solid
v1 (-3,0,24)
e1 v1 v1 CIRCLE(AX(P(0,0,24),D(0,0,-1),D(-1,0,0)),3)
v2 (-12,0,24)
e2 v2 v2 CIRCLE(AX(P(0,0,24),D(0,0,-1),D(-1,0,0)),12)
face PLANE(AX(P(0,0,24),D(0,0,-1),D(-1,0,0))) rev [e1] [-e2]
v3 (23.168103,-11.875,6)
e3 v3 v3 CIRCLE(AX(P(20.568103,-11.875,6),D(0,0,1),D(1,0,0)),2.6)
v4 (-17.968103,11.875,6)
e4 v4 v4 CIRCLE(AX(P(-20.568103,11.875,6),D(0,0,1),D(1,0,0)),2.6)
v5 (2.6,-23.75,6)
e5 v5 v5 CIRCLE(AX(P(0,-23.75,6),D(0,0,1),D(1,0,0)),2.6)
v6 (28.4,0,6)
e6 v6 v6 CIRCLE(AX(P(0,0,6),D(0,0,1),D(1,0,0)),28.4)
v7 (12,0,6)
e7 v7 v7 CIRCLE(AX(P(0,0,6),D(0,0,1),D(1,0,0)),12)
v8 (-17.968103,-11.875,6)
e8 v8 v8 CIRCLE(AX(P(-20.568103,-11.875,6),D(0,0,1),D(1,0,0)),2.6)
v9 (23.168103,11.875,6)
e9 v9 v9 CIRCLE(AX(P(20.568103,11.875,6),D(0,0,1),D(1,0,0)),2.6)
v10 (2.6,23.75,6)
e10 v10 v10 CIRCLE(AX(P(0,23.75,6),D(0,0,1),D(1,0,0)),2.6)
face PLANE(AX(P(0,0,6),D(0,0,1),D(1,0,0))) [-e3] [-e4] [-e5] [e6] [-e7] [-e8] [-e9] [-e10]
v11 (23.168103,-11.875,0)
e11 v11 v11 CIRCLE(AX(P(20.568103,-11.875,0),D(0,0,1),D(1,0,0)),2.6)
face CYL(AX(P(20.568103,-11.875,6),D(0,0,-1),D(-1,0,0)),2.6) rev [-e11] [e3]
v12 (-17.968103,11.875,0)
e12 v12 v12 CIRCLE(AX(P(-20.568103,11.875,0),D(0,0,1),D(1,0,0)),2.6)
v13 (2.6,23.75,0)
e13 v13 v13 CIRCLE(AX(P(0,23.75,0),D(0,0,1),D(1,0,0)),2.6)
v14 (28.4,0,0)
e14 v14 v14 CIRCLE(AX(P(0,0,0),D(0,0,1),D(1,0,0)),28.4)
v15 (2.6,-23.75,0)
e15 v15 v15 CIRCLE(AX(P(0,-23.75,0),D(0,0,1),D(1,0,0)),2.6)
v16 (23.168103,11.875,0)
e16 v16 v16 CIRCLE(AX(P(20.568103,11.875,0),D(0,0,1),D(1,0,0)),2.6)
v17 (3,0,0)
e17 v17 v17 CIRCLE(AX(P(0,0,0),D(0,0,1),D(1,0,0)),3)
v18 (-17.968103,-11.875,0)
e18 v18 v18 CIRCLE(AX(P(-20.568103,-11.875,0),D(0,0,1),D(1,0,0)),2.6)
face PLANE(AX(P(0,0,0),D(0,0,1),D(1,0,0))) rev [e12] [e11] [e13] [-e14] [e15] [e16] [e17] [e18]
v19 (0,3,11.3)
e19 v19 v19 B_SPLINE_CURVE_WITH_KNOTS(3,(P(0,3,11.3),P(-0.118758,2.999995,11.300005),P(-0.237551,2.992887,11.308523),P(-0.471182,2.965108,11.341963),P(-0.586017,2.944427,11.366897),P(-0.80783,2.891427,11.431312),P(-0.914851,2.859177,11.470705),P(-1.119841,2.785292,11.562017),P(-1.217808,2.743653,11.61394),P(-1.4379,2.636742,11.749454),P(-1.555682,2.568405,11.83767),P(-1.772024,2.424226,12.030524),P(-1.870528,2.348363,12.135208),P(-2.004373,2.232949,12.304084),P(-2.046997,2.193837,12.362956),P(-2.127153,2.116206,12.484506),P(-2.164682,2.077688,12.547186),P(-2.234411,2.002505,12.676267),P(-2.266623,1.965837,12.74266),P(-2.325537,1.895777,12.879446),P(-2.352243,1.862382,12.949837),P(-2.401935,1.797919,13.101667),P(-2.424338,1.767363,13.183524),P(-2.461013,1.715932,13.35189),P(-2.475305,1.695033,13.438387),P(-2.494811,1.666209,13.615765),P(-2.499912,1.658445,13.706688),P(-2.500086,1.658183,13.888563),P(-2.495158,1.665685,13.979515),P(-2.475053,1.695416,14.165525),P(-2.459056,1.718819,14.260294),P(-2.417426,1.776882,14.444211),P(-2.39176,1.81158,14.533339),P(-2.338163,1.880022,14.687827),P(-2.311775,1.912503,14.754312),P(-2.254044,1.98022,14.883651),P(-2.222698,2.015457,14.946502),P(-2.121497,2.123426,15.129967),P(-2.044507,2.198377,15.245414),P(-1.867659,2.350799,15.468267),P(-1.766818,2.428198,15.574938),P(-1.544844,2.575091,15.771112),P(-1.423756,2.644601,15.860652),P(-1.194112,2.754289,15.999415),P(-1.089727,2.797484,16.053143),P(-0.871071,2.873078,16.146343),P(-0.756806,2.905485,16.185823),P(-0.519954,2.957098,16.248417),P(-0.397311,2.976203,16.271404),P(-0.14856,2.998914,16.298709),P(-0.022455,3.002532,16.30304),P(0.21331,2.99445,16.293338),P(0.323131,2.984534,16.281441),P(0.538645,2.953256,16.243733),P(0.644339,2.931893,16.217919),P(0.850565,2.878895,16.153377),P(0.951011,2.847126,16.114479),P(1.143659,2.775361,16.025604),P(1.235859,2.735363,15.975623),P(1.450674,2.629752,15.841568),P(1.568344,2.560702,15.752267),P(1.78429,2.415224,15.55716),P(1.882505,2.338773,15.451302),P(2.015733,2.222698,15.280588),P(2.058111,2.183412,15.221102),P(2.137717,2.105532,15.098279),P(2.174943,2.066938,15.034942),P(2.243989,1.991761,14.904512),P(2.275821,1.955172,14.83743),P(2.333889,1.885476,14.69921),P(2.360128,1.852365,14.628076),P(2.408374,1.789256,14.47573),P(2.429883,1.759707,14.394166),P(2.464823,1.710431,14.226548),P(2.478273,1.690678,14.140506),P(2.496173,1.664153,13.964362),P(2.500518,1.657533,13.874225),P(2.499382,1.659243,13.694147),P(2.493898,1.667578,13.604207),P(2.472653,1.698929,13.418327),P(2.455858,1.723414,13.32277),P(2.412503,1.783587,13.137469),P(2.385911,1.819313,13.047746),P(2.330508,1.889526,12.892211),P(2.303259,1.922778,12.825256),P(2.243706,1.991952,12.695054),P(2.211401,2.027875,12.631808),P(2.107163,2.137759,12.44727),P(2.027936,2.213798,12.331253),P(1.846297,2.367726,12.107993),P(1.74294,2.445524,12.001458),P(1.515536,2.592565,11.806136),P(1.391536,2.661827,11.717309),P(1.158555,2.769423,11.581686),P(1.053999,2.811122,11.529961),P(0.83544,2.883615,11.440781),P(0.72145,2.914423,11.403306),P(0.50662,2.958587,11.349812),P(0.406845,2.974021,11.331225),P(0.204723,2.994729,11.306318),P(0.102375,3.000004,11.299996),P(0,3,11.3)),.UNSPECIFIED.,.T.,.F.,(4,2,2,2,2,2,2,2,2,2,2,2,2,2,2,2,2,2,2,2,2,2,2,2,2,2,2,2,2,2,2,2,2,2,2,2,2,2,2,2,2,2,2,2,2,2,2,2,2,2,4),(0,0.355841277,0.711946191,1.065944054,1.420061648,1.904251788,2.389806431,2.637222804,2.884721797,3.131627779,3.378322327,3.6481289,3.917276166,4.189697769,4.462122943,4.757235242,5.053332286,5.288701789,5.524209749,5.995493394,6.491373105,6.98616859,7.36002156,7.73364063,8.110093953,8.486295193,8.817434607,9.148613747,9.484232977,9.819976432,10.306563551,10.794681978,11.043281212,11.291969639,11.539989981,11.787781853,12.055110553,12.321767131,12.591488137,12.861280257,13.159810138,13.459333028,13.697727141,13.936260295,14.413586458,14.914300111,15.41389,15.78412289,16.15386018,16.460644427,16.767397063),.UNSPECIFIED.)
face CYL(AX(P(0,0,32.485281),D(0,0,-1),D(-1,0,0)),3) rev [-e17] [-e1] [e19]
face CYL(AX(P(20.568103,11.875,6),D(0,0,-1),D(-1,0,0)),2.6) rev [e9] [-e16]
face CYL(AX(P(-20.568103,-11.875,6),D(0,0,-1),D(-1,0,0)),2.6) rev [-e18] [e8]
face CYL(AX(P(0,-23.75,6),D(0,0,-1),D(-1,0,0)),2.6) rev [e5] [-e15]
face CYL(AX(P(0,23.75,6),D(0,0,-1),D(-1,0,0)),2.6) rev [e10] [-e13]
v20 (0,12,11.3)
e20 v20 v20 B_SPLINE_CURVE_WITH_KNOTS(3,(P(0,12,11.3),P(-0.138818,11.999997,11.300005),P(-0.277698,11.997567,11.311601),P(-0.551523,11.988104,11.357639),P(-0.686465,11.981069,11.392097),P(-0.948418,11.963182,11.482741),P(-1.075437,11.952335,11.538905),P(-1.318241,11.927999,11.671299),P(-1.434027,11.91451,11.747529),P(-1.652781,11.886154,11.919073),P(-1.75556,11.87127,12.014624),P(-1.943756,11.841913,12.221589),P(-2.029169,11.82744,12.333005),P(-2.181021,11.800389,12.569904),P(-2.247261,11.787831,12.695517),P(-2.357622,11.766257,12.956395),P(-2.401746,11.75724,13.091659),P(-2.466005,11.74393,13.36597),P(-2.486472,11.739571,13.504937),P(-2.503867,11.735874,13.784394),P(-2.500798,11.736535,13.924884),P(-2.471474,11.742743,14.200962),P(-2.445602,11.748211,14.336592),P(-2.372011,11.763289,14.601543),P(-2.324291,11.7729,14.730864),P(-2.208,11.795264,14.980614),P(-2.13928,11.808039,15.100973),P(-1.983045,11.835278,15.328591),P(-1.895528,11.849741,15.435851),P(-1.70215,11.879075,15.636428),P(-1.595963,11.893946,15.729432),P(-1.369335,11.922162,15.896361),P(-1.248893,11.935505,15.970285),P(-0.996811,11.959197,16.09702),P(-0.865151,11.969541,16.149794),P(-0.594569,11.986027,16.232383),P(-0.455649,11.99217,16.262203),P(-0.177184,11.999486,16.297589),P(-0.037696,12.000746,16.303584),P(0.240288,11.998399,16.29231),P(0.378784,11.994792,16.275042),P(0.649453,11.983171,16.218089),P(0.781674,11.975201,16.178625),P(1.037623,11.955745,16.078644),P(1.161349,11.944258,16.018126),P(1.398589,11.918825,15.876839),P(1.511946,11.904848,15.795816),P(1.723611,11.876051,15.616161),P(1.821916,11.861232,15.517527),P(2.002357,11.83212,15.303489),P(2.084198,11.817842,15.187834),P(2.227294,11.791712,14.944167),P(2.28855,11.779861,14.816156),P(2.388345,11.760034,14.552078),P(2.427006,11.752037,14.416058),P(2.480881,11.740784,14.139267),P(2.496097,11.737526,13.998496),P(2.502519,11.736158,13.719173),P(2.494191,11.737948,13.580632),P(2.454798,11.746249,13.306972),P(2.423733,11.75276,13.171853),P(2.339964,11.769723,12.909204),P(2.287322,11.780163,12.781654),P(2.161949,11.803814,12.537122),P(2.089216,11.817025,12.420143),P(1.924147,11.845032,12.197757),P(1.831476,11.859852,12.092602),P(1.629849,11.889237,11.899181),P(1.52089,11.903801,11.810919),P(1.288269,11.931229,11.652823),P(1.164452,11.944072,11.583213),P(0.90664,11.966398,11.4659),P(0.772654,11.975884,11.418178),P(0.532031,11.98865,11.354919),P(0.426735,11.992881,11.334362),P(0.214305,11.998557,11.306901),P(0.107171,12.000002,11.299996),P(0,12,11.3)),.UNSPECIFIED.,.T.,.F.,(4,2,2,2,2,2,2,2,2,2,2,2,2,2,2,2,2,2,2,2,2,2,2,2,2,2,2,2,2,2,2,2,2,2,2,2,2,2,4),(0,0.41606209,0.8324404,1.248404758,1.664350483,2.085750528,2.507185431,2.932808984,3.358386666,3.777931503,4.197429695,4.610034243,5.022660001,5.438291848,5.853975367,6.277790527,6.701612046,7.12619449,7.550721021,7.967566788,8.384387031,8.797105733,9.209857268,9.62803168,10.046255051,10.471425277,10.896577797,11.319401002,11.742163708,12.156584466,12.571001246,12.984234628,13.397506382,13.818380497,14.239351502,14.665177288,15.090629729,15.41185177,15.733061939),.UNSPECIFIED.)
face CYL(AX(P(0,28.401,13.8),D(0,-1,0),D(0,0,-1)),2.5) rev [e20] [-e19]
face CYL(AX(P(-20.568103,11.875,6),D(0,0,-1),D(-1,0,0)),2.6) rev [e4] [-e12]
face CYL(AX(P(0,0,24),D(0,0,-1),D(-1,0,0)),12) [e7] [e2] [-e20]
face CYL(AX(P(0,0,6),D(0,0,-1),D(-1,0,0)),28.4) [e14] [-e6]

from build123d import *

# Parameters (mm, degrees)
SKETCH1_R               = 28.4
SKETCH1_R_2             = 3
SKETCH1_R_3             = 2.6
BOSS_EXTRUDE1_DEPTH     = 6
SKETCH3_R               = 12
BOSS_EXTRUDE2_DEPTH     = 24
SKETCH1_3_R             = 3
CUT_EXTRUDE1_DEPTH      = 24
CUT_EXTRUDE2_REACH      = 48.788
CUT_EXTRUDE2_END_RADIUS = 12
SKETCH4_R               = 2.5


with BuildPart() as part:
    # Sketch1 → Boss-Extrude1 (new body)
    # profile 1 of 2: a face of its own
    with BuildSketch(Plane.XY):
        Circle(SKETCH1_R)
        Circle(SKETCH1_R_2, mode=Mode.SUBTRACT)
        with Locations((-20.56810334, 11.875)):
            Circle(SKETCH1_R_3, mode=Mode.SUBTRACT)
        with Locations((-20.56810334, -11.875)):
            Circle(SKETCH1_R_3, mode=Mode.SUBTRACT)
        with Locations((0, -23.75)):
            Circle(SKETCH1_R_3, mode=Mode.SUBTRACT)
        with Locations((20.56810334, -11.875)):
            Circle(SKETCH1_R_3, mode=Mode.SUBTRACT)
        with Locations((20.56810334, 11.875)):
            Circle(SKETCH1_R_3, mode=Mode.SUBTRACT)
        with Locations((0, 23.75)):
            Circle(SKETCH1_R_3, mode=Mode.SUBTRACT)
    # profile 2 of 2: a face of its own
    with BuildSketch(Plane.XY):
        Circle(SKETCH1_R_2)
    extrude(amount=BOSS_EXTRUDE1_DEPTH)

    # Sketch3 → Boss-Extrude2 (add)
    with BuildSketch(Plane(origin=(0, 0, 0), x_dir=(-1, 0, 0), z_dir=(0, 0, -1))):
        Circle(SKETCH3_R)
    extrude(amount=-BOSS_EXTRUDE2_DEPTH)

    # Sketch1<3> → Cut-Extrude1 (cut)
    with BuildSketch(Plane.XY):
        with Locations(Location((0, 0, 0), (0, 0, 180))):
            Circle(SKETCH1_3_R)
    extrude(amount=CUT_EXTRUDE1_DEPTH, mode=Mode.SUBTRACT)

    # Cut-Extrude2: up to this cylinder (the profile starts inside it)
    cut_extrude2_end = Plane(origin=(0, 0, 13.8), z_dir=(0, 0, -1)) * Cylinder(CUT_EXTRUDE2_END_RADIUS, 122.576, mode=Mode.PRIVATE)
    # Sketch4 → Cut-Extrude2 (cut, up to the surface)
    with BuildSketch(Plane(origin=(0, 0, 0), x_dir=(1, 0, 0), z_dir=(0, 1, 0)), mode=Mode.PRIVATE) as cut_extrude2_sk1:
        with Locations(Location((0, -13.8, 0), (0, 0, 90))):
            Circle(SKETCH4_R)
    cut_extrude2_tool1 = extrude(cut_extrude2_sk1.sketch, amount=CUT_EXTRUDE2_REACH, mode=Mode.PRIVATE) & cut_extrude2_end
    add(cut_extrude2_tool1.solids().sort_by_distance((0, 0, 13.8))[0], mode=Mode.SUBTRACT)


solid = part.part
